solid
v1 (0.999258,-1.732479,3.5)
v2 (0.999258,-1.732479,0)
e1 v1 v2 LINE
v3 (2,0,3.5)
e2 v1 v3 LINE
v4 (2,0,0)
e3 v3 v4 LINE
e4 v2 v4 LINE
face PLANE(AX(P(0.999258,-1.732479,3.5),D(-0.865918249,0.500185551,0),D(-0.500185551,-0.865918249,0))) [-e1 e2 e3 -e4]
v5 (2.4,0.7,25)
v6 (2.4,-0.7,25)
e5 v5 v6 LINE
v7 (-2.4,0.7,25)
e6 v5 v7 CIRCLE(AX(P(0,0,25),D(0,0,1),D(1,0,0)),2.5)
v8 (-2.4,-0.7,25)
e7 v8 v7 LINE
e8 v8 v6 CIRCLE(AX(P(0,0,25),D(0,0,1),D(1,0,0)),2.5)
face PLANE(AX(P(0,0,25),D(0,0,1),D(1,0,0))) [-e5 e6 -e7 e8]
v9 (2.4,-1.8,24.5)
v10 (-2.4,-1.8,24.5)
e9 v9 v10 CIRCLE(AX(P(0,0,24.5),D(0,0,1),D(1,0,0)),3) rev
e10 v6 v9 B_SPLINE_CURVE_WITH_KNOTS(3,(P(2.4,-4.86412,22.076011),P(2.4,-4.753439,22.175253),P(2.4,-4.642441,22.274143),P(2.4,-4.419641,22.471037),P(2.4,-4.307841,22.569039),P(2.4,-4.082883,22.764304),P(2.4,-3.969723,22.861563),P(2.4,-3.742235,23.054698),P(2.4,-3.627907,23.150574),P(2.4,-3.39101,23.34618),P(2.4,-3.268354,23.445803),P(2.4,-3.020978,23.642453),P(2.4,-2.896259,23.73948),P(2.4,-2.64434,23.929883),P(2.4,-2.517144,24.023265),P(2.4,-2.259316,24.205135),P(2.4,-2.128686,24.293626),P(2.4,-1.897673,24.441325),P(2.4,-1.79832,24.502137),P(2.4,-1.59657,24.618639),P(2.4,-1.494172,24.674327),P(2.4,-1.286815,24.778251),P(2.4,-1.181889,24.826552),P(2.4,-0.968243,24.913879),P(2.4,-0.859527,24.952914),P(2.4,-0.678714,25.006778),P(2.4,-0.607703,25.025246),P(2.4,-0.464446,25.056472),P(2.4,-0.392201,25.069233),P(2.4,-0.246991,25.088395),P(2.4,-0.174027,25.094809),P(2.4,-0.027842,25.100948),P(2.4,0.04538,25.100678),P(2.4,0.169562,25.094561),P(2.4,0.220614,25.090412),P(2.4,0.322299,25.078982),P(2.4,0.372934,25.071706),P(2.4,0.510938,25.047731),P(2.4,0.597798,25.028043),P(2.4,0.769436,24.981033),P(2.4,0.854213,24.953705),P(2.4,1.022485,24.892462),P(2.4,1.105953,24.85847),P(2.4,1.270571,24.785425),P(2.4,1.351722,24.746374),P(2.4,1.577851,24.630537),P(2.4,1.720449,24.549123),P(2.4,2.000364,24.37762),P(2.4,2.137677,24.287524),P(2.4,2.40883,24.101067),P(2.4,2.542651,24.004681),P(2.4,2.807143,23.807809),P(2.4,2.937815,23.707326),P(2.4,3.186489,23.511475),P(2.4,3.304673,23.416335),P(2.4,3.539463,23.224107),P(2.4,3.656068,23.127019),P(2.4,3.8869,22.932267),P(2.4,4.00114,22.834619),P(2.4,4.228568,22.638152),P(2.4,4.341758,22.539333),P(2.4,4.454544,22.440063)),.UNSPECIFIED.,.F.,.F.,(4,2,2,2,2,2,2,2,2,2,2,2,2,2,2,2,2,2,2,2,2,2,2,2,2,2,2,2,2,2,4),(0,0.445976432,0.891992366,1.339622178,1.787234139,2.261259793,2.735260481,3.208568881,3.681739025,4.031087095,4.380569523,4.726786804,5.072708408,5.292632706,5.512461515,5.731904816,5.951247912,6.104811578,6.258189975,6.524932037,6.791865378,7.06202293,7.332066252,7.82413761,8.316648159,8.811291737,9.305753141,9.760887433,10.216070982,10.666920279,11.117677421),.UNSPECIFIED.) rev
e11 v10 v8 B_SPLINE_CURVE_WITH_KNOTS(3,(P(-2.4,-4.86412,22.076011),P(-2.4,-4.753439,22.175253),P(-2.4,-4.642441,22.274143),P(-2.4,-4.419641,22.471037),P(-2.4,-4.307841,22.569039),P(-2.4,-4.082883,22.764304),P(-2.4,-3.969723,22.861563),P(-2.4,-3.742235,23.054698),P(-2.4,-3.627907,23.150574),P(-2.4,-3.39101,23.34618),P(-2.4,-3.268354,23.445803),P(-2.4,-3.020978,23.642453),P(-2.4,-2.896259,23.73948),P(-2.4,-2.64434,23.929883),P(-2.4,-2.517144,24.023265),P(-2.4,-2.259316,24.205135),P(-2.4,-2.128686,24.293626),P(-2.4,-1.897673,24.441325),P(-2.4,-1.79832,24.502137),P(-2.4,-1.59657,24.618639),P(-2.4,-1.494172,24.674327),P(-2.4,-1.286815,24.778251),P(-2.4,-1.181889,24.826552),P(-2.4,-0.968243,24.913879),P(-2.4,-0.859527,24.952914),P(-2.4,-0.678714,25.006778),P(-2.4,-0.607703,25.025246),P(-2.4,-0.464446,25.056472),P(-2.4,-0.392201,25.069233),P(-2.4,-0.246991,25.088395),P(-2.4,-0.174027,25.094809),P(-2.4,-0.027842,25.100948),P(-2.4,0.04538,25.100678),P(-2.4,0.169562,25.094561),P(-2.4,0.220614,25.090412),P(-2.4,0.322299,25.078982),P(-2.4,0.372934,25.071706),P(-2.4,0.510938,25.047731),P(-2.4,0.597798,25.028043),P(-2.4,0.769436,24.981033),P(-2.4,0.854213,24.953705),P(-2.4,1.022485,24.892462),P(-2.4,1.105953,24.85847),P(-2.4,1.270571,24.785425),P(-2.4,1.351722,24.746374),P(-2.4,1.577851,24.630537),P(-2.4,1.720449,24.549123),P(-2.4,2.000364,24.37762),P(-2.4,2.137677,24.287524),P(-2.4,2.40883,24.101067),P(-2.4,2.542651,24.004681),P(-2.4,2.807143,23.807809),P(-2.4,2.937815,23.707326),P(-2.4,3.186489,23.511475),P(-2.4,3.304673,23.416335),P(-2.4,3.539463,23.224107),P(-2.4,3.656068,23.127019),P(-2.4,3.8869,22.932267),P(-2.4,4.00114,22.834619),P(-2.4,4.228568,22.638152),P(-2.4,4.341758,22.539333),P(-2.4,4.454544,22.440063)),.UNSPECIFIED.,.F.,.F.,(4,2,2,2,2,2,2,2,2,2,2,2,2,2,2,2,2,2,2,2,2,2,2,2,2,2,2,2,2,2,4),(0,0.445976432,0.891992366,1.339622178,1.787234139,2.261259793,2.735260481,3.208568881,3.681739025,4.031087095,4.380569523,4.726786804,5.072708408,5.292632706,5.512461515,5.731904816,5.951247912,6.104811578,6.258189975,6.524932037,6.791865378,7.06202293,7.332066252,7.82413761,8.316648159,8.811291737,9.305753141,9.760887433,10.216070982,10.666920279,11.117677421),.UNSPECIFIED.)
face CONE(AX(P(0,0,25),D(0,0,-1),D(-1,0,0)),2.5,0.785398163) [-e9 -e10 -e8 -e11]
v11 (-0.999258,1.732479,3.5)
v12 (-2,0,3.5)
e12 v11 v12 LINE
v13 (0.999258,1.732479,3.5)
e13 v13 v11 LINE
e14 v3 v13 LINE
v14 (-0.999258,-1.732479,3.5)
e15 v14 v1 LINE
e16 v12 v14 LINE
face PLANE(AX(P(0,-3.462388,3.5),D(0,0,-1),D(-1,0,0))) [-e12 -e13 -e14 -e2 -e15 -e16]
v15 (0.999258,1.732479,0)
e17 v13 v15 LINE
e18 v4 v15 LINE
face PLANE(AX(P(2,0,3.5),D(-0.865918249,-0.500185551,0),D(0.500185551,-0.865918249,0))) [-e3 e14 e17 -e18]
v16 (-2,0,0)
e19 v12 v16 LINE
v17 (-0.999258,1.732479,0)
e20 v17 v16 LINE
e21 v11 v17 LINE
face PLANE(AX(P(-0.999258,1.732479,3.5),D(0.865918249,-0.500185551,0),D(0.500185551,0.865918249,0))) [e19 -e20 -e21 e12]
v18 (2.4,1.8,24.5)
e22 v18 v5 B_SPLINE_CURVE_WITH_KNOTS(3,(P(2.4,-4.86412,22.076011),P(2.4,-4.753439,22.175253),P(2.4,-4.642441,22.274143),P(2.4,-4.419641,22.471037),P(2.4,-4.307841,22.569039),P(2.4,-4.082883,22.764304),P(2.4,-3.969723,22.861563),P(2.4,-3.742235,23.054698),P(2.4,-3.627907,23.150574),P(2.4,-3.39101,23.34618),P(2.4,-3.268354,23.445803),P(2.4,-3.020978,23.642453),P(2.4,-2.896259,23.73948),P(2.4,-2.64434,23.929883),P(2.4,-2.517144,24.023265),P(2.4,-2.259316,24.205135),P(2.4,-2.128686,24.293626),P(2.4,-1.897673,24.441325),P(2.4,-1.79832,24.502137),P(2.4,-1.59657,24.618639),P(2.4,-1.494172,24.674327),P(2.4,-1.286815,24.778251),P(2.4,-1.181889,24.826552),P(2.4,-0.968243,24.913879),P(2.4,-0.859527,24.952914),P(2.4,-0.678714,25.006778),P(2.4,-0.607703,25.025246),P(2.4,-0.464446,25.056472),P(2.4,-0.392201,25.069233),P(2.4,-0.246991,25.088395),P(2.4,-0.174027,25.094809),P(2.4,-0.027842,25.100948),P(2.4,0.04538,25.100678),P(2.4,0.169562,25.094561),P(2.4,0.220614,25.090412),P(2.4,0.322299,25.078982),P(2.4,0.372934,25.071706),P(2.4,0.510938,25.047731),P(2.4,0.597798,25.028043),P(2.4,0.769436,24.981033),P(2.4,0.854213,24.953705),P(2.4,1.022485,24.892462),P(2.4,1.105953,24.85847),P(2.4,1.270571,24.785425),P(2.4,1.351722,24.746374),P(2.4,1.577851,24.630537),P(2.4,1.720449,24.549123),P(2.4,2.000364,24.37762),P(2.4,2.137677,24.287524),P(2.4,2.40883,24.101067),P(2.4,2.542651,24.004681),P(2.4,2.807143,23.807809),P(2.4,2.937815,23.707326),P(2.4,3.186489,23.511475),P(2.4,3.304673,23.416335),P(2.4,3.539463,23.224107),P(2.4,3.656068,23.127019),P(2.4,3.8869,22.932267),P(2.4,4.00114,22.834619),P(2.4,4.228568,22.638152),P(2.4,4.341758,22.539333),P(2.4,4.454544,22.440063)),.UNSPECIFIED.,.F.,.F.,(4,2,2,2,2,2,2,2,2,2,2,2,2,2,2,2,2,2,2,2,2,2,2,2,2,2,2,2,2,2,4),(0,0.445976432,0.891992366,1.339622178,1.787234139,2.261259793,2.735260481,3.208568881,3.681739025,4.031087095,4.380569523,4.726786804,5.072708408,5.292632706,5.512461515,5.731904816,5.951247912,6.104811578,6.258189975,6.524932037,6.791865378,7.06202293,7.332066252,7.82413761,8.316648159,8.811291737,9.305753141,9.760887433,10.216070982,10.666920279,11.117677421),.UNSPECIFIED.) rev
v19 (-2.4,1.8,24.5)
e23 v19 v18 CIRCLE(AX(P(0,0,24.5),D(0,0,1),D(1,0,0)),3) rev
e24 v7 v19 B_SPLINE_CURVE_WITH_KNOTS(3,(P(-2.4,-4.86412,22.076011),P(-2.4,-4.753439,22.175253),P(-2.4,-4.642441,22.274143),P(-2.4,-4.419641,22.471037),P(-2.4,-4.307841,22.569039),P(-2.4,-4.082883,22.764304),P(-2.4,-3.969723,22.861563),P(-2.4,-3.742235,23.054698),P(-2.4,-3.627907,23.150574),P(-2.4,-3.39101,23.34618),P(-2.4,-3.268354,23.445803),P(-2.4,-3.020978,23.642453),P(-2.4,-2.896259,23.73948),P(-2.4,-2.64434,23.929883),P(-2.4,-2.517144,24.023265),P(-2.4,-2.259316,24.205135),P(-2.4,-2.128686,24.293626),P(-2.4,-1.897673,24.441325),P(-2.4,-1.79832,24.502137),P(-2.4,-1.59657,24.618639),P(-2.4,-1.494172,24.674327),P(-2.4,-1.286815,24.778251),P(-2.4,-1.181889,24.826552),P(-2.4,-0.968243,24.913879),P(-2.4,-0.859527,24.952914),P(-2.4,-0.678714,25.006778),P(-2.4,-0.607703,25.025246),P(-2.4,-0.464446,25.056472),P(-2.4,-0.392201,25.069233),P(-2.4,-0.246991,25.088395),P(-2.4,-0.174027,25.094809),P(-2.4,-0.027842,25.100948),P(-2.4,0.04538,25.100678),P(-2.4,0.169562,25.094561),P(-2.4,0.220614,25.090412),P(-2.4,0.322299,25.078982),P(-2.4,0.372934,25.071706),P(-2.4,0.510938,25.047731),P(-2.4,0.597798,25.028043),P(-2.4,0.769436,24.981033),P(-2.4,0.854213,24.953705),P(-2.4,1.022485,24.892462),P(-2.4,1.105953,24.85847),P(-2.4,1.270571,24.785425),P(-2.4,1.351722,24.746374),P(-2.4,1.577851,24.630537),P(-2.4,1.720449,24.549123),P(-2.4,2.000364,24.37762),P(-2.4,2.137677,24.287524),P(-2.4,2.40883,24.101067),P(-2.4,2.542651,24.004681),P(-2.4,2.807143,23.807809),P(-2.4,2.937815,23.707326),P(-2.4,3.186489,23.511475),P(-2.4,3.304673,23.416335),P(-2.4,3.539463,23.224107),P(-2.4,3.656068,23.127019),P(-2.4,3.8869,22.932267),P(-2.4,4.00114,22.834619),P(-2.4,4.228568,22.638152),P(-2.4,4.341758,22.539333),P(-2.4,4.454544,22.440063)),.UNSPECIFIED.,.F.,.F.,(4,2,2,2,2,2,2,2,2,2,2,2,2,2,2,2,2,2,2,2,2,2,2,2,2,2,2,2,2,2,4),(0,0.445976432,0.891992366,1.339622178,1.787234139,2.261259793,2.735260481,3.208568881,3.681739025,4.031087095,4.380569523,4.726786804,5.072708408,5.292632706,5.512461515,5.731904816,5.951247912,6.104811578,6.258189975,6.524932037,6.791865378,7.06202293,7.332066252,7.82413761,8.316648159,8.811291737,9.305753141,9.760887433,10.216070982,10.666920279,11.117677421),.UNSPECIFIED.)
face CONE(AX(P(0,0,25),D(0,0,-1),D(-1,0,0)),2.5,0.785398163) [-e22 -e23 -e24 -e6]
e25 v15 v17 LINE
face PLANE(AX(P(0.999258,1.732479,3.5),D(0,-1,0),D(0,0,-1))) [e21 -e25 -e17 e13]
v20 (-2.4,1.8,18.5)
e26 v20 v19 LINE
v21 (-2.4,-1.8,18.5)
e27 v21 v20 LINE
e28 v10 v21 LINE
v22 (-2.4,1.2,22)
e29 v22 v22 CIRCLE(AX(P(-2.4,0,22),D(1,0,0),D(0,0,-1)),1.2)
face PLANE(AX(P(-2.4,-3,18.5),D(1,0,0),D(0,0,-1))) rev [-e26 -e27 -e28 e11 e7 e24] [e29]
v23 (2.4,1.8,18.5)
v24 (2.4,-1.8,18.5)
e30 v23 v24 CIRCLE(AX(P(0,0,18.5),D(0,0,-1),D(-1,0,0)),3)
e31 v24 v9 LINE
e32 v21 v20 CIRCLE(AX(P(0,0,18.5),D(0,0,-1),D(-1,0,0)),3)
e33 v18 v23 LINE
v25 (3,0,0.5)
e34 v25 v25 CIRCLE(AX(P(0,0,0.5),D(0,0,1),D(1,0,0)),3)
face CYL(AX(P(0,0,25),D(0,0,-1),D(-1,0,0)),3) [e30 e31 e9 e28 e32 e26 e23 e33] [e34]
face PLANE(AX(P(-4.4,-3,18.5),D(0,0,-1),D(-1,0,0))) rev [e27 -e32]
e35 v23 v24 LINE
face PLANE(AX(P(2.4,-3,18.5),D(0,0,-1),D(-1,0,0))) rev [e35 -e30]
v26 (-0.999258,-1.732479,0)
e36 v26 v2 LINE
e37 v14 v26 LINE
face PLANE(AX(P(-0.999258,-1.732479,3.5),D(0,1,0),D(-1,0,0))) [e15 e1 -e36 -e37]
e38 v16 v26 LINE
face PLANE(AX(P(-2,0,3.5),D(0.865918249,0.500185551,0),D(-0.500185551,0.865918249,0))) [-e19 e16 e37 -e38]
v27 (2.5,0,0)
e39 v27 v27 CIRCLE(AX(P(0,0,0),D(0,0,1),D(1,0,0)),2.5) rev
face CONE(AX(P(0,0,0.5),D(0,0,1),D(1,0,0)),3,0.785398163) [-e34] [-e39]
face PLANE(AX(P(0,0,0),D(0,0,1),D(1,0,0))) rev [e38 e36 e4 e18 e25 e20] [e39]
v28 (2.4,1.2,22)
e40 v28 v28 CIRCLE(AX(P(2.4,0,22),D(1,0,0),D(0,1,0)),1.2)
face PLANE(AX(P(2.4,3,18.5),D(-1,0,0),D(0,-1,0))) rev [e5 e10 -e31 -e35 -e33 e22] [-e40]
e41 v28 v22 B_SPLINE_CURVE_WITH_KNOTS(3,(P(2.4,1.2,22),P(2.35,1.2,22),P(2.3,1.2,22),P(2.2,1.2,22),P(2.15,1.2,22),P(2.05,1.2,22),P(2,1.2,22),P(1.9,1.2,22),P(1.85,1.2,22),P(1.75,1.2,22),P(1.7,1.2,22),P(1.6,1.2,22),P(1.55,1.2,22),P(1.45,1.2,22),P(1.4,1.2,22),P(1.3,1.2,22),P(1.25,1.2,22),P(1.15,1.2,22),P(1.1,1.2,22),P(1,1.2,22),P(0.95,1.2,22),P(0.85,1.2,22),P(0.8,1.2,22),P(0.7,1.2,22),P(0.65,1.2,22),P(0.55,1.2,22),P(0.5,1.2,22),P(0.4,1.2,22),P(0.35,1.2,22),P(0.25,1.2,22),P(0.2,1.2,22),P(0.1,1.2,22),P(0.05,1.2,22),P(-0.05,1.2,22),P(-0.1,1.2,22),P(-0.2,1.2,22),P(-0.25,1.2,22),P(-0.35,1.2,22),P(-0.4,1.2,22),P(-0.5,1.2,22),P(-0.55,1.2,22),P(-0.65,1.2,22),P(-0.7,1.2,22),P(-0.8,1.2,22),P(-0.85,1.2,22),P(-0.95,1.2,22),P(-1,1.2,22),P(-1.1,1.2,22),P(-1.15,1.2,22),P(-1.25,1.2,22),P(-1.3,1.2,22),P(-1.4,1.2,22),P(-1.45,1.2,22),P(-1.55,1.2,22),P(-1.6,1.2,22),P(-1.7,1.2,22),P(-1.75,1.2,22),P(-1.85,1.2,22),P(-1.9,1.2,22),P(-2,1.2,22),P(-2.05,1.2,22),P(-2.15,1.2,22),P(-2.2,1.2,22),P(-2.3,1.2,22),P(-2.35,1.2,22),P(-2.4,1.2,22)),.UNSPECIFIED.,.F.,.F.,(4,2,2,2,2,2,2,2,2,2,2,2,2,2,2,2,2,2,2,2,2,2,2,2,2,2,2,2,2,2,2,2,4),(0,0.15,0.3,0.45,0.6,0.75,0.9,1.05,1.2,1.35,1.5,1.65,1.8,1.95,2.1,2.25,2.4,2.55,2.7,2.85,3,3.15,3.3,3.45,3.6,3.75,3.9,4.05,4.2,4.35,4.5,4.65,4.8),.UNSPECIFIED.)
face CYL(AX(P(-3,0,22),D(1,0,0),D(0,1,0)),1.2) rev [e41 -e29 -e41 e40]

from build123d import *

# Parameters (mm, degrees)
ESQUISSE1_R             = 3
BASE_EXTRUSION_DEPTH    = 25
CHANFREIN2_SIZE         = 0.5
ESQUISSE2_W             = 2
ESQUISSE2_H             = 6
ENL_V_MAT_EXTRU_1_DEPTH = 6.5
ESQUISSE5_W             = 2
ESQUISSE5_H             = 6
ENL_V_MAT_EXTRU_3_DEPTH = 6.5
ESQUISSE4_R             = 1.2
ENL_V_MAT_EXTRU_2_DEPTH = 26.751893134
ENL_V_MAT_EXTRU_4_DEPTH = 3.5


with BuildPart() as part:
    # Esquisse1 → Base-Extrusion (new body)
    with BuildSketch(Plane.XY):
        with Locations(Location((0, 0, 0), (0, 0, 216.869897646))):
            Circle(ESQUISSE1_R)
    extrude(amount=BASE_EXTRUSION_DEPTH)

    # Chanfrein2
    chanfrein2_edges = [part.edges().sort_by_distance(p)[0] for p in [
        (2.4, 1.8, 0),
        (2.4, 1.8, 25),
    ]]
    chamfer(chanfrein2_edges, length=CHANFREIN2_SIZE)

    # Esquisse2 → Enlèv. mat.-Extru.1 (cut)
    with BuildSketch(Plane.XY.offset(25)):
        with Locations((3.4, 0)):
            Rectangle(ESQUISSE2_W, ESQUISSE2_H)
    extrude(amount=-ENL_V_MAT_EXTRU_1_DEPTH, mode=Mode.SUBTRACT)

    # Esquisse5 → Enlèv. mat.-Extru.3 (cut)
    with BuildSketch(Plane.XY.offset(25)):
        with Locations((-3.4, 0)):
            Rectangle(ESQUISSE5_W, ESQUISSE5_H)
    extrude(amount=-ENL_V_MAT_EXTRU_3_DEPTH, mode=Mode.SUBTRACT)

    # Esquisse4 → Enlèv. mat.-Extru.2 (cut, through all)
    with BuildSketch(Plane(origin=(2.4, 0, 0), x_dir=(0, 0, -1), z_dir=(1, 0, 0))):
        with Locations(Location((-22, 0, 0), (0, 0, 90))):
            Circle(ESQUISSE4_R)
    extrude(amount=-ENL_V_MAT_EXTRU_2_DEPTH, mode=Mode.SUBTRACT)

    # Esquisse6 → Enlèv. mat.-Extru.4 (cut)
    with BuildSketch(Plane(origin=(0, 0, 0), x_dir=(-1, 0, 0), z_dir=(0, 0, -1))):
        Polygon((-2, 0), (-0.999257658, 1.732479187), (0.999257658, 1.732479187), (2, 0), (0.999257658, -1.732479187), (-0.999257658, -1.732479187), align=None)
    extrude(amount=-ENL_V_MAT_EXTRU_4_DEPTH, mode=Mode.SUBTRACT)


solid = part.part
